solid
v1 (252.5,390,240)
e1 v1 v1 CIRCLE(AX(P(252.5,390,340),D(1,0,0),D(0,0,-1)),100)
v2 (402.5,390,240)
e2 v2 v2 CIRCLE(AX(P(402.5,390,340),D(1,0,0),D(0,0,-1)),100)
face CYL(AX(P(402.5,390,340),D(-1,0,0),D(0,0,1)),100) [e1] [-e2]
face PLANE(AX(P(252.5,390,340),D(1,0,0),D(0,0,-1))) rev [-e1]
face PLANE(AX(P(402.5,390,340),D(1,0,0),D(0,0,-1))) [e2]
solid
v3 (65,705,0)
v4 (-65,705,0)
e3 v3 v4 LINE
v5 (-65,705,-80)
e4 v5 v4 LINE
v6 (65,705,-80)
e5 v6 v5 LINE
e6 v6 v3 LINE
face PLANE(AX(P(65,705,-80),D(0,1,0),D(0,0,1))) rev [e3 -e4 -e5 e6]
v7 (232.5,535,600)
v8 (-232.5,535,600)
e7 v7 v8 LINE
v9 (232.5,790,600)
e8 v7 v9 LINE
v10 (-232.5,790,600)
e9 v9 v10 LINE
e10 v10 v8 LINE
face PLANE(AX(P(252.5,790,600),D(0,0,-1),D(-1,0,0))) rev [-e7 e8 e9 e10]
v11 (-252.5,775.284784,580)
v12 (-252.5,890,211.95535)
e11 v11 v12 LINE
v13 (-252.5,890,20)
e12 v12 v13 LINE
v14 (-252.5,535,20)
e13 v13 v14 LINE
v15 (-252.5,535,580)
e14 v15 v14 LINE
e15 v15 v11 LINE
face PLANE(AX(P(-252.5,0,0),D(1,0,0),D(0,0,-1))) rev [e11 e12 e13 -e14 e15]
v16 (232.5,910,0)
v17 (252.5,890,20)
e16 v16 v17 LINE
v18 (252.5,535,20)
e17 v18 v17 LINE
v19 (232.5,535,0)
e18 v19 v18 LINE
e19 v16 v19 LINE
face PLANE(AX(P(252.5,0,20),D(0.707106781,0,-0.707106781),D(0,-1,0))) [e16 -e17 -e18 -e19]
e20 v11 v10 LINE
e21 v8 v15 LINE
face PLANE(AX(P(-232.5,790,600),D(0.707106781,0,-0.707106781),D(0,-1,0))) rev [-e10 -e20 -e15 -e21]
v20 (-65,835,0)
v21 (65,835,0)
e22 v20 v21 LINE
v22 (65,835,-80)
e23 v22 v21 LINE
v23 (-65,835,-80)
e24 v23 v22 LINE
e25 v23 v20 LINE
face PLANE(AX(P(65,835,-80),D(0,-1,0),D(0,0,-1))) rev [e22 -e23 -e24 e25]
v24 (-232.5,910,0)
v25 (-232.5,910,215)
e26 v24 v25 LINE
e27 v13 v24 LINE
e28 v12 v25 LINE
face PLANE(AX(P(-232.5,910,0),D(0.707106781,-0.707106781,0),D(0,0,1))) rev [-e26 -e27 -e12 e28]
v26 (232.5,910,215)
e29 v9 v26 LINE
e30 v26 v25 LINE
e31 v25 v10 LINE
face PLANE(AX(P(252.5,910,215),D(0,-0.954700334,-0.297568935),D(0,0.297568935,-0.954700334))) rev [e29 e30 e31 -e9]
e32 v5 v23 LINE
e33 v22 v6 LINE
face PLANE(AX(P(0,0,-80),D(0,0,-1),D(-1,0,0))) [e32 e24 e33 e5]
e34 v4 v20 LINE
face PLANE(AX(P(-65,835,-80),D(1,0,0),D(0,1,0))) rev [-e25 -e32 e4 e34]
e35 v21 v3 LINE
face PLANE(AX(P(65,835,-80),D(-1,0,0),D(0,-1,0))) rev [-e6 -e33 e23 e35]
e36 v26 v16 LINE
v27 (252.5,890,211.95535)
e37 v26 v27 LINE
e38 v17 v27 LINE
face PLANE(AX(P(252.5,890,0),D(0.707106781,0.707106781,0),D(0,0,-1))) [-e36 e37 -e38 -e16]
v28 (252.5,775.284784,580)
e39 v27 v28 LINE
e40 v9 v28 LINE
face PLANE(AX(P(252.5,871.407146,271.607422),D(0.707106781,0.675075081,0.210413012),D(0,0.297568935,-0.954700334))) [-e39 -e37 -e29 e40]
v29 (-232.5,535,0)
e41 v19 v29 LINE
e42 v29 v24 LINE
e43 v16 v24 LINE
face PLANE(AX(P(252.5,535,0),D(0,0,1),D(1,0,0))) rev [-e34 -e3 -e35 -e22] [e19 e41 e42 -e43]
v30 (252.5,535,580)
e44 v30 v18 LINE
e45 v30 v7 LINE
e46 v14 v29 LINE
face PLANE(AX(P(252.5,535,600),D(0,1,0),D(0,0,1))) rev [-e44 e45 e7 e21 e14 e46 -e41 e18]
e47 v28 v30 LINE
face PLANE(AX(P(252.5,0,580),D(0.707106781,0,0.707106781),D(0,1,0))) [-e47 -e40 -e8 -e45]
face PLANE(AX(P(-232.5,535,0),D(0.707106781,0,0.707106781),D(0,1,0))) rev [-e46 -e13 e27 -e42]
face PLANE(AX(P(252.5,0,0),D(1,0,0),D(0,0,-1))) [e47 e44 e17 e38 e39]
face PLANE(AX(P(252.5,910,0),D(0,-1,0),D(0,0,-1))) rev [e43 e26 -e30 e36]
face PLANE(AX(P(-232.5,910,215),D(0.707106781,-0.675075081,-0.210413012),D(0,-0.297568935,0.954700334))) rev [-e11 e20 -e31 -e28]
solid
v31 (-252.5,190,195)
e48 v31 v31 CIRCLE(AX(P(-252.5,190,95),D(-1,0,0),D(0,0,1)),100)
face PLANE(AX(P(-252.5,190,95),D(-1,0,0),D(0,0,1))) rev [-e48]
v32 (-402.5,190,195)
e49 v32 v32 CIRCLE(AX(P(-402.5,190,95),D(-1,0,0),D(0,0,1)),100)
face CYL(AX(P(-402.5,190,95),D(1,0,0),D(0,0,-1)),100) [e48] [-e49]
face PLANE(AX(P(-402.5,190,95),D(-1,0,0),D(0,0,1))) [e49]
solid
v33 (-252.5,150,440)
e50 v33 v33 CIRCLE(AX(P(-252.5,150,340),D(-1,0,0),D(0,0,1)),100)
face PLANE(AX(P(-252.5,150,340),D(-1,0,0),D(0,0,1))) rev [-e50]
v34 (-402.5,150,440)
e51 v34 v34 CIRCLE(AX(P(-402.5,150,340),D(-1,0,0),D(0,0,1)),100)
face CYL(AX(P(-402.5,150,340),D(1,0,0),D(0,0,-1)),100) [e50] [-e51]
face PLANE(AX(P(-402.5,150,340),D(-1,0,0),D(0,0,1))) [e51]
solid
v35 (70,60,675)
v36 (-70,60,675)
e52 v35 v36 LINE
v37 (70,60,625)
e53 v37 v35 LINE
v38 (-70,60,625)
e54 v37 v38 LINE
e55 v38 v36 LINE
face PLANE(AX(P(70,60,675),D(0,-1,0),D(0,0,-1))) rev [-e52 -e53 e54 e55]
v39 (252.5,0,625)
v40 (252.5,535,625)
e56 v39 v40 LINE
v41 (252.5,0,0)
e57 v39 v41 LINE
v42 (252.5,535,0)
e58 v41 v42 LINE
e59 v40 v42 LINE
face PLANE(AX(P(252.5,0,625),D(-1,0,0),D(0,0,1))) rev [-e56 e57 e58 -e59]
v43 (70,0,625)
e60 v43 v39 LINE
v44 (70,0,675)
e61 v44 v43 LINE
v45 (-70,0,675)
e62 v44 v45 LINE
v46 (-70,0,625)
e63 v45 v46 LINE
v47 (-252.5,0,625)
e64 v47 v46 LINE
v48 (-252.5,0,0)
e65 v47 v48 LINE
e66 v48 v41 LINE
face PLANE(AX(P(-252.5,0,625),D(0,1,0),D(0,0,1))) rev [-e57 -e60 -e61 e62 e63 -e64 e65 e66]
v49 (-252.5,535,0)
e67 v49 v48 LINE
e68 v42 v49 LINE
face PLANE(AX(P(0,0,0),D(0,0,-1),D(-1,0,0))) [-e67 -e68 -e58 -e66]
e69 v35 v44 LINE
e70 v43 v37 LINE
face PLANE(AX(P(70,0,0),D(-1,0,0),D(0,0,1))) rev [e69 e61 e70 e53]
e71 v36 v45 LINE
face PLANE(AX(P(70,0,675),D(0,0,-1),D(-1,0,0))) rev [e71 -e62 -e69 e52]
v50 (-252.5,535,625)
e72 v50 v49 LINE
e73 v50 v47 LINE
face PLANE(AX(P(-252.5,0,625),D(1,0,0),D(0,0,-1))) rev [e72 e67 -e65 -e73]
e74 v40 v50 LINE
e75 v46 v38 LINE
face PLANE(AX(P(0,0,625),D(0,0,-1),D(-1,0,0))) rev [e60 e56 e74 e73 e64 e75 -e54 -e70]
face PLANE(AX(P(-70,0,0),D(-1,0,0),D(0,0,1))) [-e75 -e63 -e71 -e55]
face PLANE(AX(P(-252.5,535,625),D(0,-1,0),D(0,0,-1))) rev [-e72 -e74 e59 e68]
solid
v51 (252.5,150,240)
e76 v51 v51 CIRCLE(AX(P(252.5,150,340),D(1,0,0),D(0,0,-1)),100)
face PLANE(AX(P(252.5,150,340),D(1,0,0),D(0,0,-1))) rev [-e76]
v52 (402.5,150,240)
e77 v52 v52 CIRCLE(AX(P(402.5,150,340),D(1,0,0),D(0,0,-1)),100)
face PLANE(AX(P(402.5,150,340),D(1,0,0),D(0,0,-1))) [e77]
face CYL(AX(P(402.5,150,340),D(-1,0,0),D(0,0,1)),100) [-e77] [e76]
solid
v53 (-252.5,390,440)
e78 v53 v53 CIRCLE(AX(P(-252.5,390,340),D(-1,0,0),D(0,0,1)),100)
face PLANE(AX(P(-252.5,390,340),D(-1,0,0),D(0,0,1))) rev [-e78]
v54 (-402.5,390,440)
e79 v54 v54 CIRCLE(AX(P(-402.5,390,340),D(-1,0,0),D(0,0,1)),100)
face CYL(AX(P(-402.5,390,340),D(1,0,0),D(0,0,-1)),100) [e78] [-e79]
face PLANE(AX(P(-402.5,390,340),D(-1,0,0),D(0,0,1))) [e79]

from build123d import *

# Parameters (mm, degrees)
SKETCH1_W             = 505
SKETCH1_H             = 535
BOSS_EXTRUDE1_DEPTH   = 625
SKETCH2_W             = 75
SKETCH2_H             = 60
BOSS_EXTRUDE2_DEPTH   = 70
SKETCH3_R             = 100
BOSS_EXTRUDE3_DEPTH   = 150
BOSS_EXTRUDE3_2_DEPTH = 150
BOSS_EXTRUDE3_3_DEPTH = 150
SKETCH4_R             = 100
BOSS_EXTRUDE4_DEPTH   = 150
BOSS_EXTRUDE4_2_DEPTH = 150
BOSS_EXTRUDE5_DEPTH   = 252.5
CHAMFER1_SIZE         = 20
SKETCH6_W             = 130
SKETCH6_H             = 130
BOSS_EXTRUDE6_DEPTH   = 80


with BuildPart() as part:
    # Sketch1 → Boss-Extrude1 (new body)
    with BuildSketch(Plane.XY):
        with Locations((0, 267.5)):
            Rectangle(SKETCH1_W, SKETCH1_H)
    extrude(amount=BOSS_EXTRUDE1_DEPTH)

    # Sketch2 → Boss-Extrude2 (add, symmetric)
    with BuildSketch(Plane(origin=(0, 0, 0), x_dir=(0, 0, -1), z_dir=(1, 0, 0))):
        with Locations((-637.5, 30)):
            Rectangle(SKETCH2_W, SKETCH2_H)
    extrude(amount=BOSS_EXTRUDE2_DEPTH, both=True)


with BuildPart() as body_2:
    # Sketch3 → Boss-Extrude3 (new body)
    with BuildSketch(Plane.ZY.offset(252.5)):
        with Locations((340, 390)):
            Circle(SKETCH3_R)
    extrude(amount=BOSS_EXTRUDE3_DEPTH)


with BuildPart() as body_3:
    # Sketch3 → Boss-Extrude3 2 (new body)
    with BuildSketch(Plane.ZY.offset(252.5)):
        with Locations((95, 190)):
            Circle(SKETCH3_R)
    extrude(amount=BOSS_EXTRUDE3_2_DEPTH)


with BuildPart() as body_4:
    # Sketch3 → Boss-Extrude3 3 (new body)
    with BuildSketch(Plane.ZY.offset(252.5)):
        with Locations((340, 150)):
            Circle(SKETCH3_R)
    extrude(amount=BOSS_EXTRUDE3_3_DEPTH)


with BuildPart() as body_5:
    # Sketch4 → Boss-Extrude4 (new body)
    with BuildSketch(Plane(origin=(252.5, 0, 0), x_dir=(0, 0, -1), z_dir=(1, 0, 0))):
        with Locations((-340, 390)):
            Circle(SKETCH4_R)
    extrude(amount=BOSS_EXTRUDE4_DEPTH)


with BuildPart() as body_6:
    # Sketch4 → Boss-Extrude4 2 (new body)
    with BuildSketch(Plane(origin=(252.5, 0, 0), x_dir=(0, 0, -1), z_dir=(1, 0, 0))):
        with Locations((-340, 150)):
            Circle(SKETCH4_R)
    extrude(amount=BOSS_EXTRUDE4_2_DEPTH)


with BuildPart() as body_7:
    # Sketch5 → Boss-Extrude5 (new, symmetric)
    with BuildSketch(Plane(origin=(0, 0, 0), x_dir=(0, 0, -1), z_dir=(1, 0, 0))):
        Polygon((-600, 790), (-600, 535), (0, 535), (0, 910), (-215, 910), align=None)
    extrude(amount=BOSS_EXTRUDE5_DEPTH, both=True)

    # Chamfer1
    chamfer1_edges = [body_7.edges().sort_by_distance(p)[0] for p in [
        (252.5, 722.5, 0),
        (252.5, 910, 107.5),
        (252.5, 850, 407.5),
        (-252.5, 910, 107.5),
        (-252.5, 722.5, 0),
        (-252.5, 662.5, 600),
        (-252.5, 850, 407.5),
        (252.5, 662.5, 600),
    ]]
    chamfer(chamfer1_edges, length=CHAMFER1_SIZE)

    # Sketch6 → Boss-Extrude6 (add)
    with BuildSketch(Plane(origin=(0, 0, 0), x_dir=(-1, 0, 0), z_dir=(0, 0, -1))):
        with Locations((0, 770)):
            Rectangle(SKETCH6_W, SKETCH6_H)
    extrude(amount=BOSS_EXTRUDE6_DEPTH)


solid = Compound([part.part, body_2.part, body_3.part, body_4.part, body_5.part, body_6.part, body_7.part])
